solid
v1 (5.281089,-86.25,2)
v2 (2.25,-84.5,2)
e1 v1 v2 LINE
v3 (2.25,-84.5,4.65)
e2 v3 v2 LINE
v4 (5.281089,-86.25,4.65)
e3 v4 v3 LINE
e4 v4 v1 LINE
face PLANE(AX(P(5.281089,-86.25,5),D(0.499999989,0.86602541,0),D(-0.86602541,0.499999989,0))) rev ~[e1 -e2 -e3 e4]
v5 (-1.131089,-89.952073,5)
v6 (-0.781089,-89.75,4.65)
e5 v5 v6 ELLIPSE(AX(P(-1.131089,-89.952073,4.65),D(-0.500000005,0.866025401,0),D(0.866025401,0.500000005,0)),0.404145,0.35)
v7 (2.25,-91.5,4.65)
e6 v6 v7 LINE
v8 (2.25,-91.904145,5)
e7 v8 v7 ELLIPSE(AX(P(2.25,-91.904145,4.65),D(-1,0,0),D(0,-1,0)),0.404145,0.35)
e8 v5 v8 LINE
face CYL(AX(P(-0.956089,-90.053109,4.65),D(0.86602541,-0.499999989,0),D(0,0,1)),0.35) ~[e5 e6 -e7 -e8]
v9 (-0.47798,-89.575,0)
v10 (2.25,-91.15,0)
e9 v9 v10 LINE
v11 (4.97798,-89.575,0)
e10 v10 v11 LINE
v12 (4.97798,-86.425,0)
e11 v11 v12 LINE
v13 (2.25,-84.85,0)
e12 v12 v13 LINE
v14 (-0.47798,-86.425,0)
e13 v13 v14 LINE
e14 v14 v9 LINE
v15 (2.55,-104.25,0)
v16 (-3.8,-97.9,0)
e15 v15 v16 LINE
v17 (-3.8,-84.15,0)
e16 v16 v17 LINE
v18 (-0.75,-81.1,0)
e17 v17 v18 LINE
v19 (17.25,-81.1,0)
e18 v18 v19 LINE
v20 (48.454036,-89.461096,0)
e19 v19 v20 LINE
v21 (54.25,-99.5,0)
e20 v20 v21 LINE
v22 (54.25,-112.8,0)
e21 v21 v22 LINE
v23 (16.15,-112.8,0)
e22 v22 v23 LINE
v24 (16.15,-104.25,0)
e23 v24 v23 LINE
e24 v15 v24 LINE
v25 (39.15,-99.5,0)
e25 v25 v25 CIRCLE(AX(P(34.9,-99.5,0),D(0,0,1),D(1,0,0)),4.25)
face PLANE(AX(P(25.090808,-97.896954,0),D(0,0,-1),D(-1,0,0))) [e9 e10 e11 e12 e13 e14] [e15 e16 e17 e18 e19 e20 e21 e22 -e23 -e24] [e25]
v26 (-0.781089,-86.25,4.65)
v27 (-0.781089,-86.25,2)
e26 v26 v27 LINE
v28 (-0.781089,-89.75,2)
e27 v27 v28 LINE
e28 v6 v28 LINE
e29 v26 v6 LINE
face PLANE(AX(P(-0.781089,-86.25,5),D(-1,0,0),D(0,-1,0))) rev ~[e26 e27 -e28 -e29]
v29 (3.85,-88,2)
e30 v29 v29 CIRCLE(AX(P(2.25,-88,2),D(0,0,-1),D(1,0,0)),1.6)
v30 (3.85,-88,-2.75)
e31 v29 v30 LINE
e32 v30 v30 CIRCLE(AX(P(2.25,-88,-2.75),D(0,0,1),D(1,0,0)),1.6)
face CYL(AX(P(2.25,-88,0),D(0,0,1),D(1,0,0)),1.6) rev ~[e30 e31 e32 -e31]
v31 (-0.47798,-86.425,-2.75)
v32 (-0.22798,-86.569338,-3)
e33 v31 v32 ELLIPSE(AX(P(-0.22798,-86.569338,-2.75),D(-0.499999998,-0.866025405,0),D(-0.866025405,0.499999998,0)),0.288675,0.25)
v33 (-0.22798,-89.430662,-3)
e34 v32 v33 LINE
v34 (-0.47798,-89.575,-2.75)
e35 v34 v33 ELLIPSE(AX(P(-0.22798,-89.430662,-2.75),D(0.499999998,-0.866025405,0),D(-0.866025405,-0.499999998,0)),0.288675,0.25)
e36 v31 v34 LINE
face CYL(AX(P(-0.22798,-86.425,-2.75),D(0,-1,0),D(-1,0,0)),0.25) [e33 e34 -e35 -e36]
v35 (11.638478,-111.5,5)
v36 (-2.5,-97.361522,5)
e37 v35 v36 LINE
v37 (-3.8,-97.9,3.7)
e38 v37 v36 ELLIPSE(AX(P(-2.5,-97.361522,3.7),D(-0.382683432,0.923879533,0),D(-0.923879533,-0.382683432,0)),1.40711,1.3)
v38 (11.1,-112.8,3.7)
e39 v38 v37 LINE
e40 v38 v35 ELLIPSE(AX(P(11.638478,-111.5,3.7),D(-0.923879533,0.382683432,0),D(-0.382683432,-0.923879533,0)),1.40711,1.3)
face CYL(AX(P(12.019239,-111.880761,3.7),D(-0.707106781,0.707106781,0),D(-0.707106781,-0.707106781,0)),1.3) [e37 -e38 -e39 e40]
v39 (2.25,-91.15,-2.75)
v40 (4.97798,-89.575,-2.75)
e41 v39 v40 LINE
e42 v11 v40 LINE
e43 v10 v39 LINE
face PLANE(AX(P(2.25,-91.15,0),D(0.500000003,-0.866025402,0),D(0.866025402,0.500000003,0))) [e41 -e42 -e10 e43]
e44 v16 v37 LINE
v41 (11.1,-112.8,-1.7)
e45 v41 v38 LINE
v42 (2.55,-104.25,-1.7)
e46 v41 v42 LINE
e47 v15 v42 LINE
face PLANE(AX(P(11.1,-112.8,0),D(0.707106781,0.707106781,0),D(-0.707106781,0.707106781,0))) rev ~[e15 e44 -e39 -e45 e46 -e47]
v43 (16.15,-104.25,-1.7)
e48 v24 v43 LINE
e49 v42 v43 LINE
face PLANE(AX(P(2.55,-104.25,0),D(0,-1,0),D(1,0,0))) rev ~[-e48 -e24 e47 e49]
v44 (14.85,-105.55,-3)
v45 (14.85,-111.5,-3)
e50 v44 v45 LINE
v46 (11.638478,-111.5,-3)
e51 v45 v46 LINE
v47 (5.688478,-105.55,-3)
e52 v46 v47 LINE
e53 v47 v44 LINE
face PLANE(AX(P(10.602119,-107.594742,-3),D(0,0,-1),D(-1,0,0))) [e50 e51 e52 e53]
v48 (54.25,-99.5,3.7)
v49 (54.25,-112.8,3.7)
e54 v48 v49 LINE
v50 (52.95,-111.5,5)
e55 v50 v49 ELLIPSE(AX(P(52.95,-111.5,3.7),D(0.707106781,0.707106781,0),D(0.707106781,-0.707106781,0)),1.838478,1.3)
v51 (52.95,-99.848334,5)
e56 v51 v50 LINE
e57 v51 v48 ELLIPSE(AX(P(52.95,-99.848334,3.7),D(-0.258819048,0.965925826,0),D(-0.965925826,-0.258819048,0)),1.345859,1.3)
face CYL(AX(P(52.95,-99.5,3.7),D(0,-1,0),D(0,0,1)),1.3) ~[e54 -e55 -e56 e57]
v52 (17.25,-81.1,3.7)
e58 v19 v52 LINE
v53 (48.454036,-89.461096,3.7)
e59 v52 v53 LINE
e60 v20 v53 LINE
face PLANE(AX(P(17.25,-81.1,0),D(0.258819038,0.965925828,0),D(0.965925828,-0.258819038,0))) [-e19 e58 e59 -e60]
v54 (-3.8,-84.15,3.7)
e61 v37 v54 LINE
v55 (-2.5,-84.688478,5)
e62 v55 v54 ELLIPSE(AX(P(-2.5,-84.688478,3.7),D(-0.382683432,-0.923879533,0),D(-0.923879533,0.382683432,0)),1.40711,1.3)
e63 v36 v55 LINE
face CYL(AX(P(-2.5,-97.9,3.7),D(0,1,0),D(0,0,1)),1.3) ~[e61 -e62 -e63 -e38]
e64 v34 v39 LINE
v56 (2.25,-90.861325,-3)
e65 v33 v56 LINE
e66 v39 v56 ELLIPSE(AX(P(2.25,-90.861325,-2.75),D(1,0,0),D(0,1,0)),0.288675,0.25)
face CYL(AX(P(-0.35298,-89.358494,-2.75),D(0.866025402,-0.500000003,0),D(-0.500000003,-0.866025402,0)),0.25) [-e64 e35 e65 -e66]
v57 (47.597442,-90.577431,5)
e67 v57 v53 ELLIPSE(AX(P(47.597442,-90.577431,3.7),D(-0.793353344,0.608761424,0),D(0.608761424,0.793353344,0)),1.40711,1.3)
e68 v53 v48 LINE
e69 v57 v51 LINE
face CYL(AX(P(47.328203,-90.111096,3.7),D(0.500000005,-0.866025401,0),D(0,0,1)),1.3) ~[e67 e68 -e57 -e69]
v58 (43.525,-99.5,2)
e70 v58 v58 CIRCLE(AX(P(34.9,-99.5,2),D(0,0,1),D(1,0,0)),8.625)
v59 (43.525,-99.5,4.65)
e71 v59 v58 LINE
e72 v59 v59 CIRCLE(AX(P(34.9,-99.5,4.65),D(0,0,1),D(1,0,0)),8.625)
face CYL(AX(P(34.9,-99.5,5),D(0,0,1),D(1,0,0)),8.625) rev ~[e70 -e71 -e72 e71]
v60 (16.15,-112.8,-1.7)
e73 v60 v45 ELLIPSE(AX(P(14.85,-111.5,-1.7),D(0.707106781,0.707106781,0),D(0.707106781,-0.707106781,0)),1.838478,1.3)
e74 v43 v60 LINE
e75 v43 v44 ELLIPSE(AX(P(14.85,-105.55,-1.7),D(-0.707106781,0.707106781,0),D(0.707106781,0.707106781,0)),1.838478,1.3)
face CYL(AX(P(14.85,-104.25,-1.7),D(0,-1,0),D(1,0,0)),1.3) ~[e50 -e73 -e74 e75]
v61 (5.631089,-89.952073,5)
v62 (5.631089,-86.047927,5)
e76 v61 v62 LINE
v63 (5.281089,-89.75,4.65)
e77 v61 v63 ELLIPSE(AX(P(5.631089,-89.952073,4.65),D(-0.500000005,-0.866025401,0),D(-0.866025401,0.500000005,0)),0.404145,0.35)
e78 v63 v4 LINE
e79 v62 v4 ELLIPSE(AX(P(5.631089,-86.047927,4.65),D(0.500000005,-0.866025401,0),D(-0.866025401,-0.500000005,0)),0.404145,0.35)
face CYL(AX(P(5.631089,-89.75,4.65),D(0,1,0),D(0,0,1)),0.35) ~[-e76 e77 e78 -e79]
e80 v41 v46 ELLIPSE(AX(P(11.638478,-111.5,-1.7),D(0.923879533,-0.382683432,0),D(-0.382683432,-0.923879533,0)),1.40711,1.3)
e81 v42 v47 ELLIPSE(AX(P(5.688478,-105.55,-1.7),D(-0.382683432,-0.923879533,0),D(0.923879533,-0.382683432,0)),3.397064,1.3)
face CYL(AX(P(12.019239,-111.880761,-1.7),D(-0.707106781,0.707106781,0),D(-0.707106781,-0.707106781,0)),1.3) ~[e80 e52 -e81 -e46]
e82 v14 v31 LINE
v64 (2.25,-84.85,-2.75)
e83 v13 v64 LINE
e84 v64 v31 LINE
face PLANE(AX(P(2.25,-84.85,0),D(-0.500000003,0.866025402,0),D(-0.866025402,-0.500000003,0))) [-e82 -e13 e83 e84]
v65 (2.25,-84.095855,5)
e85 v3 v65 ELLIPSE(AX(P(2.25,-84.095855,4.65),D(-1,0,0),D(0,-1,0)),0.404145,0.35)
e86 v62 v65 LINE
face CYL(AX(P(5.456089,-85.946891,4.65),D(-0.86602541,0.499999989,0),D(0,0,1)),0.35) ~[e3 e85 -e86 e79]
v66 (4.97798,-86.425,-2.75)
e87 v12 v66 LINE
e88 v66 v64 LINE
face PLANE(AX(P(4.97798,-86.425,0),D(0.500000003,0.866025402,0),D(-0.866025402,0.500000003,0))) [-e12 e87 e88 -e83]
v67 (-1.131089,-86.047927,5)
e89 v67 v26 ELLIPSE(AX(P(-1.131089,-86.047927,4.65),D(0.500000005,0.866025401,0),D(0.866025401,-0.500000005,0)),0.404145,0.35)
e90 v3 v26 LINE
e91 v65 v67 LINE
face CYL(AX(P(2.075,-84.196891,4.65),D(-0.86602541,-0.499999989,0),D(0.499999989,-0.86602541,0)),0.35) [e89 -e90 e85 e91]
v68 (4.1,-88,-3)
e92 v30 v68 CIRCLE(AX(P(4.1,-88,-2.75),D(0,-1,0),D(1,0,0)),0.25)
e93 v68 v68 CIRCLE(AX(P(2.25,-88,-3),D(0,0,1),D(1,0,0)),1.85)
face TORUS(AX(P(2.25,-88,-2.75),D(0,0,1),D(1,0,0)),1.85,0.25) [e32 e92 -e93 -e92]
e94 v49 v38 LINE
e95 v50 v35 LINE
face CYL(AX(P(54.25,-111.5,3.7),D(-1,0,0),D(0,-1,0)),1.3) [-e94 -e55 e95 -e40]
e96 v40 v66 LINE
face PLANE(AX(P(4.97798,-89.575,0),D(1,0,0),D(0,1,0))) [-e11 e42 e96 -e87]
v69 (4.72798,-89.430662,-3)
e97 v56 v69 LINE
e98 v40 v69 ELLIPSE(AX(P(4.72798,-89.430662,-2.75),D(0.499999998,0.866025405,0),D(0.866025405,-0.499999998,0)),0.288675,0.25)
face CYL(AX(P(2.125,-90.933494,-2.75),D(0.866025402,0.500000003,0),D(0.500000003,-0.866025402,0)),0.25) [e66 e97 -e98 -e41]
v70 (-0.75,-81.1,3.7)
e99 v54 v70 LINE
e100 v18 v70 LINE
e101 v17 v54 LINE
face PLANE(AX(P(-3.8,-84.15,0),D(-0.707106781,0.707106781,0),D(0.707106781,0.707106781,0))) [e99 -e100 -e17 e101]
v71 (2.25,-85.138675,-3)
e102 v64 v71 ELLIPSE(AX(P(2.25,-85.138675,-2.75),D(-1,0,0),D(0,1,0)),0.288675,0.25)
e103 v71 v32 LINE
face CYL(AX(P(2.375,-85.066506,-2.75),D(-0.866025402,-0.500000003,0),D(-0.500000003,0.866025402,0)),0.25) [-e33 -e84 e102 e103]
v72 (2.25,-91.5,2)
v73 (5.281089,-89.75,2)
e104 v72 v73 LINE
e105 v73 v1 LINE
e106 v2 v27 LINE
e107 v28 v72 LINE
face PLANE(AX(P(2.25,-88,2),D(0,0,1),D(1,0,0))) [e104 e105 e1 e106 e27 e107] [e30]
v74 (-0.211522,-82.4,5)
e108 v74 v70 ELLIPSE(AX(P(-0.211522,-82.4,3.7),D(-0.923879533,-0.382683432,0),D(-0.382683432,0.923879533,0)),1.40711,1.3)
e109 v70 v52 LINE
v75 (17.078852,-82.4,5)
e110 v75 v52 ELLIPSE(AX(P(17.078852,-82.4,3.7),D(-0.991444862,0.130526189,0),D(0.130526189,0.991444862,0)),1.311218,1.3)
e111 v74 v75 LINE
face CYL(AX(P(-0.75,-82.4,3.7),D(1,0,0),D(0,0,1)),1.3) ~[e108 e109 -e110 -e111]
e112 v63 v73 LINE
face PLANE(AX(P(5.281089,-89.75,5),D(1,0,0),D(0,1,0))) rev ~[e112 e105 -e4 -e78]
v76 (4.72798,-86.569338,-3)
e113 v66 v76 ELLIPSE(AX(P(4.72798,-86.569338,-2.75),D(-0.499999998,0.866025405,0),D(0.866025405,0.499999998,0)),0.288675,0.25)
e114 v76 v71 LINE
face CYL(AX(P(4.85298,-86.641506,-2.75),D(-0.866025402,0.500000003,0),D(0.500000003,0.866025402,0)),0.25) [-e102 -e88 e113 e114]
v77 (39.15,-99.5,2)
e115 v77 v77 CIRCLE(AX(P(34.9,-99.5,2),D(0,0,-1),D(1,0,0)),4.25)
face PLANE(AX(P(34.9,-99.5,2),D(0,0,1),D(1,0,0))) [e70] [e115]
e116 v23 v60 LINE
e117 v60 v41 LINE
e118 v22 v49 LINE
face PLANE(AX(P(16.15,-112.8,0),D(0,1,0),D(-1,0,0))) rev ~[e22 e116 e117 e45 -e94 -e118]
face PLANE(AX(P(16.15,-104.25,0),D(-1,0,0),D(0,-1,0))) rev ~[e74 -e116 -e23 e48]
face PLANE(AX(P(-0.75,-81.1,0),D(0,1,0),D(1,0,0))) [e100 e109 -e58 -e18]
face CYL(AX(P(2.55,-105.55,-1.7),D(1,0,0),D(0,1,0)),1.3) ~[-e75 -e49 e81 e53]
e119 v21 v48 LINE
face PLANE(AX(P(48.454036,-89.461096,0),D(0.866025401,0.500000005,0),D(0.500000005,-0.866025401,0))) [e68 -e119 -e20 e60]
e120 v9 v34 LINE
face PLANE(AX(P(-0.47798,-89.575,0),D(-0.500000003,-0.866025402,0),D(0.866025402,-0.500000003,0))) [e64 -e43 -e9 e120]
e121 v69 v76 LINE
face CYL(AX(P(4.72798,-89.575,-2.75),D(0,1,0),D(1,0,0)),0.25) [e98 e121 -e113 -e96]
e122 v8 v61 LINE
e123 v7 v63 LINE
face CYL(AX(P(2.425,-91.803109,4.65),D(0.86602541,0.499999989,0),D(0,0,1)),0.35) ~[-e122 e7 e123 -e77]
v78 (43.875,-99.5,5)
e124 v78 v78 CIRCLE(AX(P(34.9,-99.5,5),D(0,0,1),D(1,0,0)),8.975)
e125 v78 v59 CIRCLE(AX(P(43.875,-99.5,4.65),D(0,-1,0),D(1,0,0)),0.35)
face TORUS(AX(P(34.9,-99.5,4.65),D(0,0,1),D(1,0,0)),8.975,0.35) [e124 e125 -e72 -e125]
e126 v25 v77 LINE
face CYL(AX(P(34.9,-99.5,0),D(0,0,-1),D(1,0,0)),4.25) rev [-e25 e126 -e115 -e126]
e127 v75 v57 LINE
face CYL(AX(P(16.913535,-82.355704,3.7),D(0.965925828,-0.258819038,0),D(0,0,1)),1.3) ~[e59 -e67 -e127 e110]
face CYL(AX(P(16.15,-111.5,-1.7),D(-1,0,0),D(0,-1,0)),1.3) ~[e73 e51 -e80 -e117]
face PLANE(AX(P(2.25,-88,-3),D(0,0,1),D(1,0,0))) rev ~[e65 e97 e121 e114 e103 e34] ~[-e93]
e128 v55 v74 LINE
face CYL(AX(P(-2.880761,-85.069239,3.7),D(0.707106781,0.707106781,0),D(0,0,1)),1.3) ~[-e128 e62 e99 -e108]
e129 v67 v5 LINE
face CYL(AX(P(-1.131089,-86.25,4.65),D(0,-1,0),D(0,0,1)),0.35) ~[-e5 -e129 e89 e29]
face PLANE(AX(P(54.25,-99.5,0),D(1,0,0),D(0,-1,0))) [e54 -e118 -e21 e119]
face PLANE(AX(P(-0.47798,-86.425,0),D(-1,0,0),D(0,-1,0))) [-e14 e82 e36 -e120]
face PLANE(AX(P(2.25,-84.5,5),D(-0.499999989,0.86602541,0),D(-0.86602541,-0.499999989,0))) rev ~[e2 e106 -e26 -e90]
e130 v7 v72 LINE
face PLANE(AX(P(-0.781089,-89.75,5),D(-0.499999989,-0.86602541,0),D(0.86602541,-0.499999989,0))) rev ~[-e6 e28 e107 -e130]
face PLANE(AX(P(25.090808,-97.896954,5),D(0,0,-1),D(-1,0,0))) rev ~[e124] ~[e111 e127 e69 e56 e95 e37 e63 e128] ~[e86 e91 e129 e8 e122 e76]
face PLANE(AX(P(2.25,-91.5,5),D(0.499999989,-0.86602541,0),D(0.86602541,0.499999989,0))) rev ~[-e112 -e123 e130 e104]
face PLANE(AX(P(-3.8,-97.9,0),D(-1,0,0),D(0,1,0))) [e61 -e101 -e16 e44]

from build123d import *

# Parameters (mm, degrees)
SKETCH019_R     = 4.25
PAD010_DEPTH    = 5
PAD009_DEPTH    = 3
SKETCH021_R     = 8.625
POCKET008_DEPTH = 3
POCKET009_DEPTH = 3
SKETCH018_R     = 1.6
POCKET007_DEPTH = 8.001
SKETCH022_R     = 1.6
PAD011_DEPTH    = 3
FILLET020_R     = 0.35
FILLET021_R     = 0.35
FILLET022_R     = 0.25
FILLET023_R     = 1.3
FILLET024_R     = 1.3


with BuildPart() as part:
    # Sketch019 → Pad010 (new body)
    with BuildSketch(Plane.XY):
        Polygon((-3, 6.9), (15, 6.9), (46.204036, -1.461096), (52, -11.5), (52, -24.8), (8.85, -24.8), (-6.05, -9.9), (-6.05, 3.85), align=None)
        with Locations((32.65, -11.5)):
            Circle(SKETCH019_R, mode=Mode.SUBTRACT)
    extrude(amount=PAD010_DEPTH)

    # Sketch020 → Pad009 (join)
    with BuildSketch(Plane.XY):
        Polygon((0.3, -16.25), (13.9, -16.25), (13.9, -24.8), (8.85, -24.8), align=None)
    extrude(amount=-PAD009_DEPTH)

    # Sketch021 → Pocket008 (cut)
    with BuildSketch(Plane.XY.offset(5)):
        with Locations((32.65, -11.5)):
            Circle(SKETCH021_R)
    extrude(amount=-POCKET008_DEPTH, mode=Mode.SUBTRACT)

    # Sketch017 → Pocket009 (cut)
    with BuildSketch(Plane.XY.offset(5)):
        Polygon((0, -3.5), (3.031089, -1.75), (3.031089, 1.75), (0, 3.5), (-3.031089, 1.75), (-3.031089, -1.75), align=None)
    extrude(amount=-POCKET009_DEPTH, mode=Mode.SUBTRACT)

    # Sketch018 → Pocket007 (cut, through all)
    with BuildSketch(Plane.XY.offset(-3)):
        Circle(SKETCH018_R)
    extrude(amount=POCKET007_DEPTH, mode=Mode.SUBTRACT)

    # Sketch022 → Pad011 (join)
    with BuildSketch(Plane.XY):
        Polygon((0, -3.15), (2.72798, -1.575), (2.72798, 1.575), (0, 3.15), (-2.72798, 1.575), (-2.72798, -1.575), align=None)
        Circle(SKETCH022_R, mode=Mode.SUBTRACT)
    extrude(amount=-PAD011_DEPTH)

    # Fillet020
    fillet020_edges = [part.edges().sort_by_distance(p)[0] for p in [
        (-1.515544, -2.625, 5),
        (-3.031089, 0, 5),
        (-1.515544, 2.625, 5),
        (1.515544, 2.625, 5),
        (3.031089, 0, 5),
        (1.515544, -2.625, 5),
    ]]
    fillet(fillet020_edges, radius=FILLET020_R)

    # Fillet021
    fillet021_edges = [part.edges().sort_by_distance(p)[0] for p in [
        (24.025, -11.5, 5),
    ]]
    fillet(fillet021_edges, radius=FILLET021_R)

    # Fillet022
    fillet022_edges = [part.edges().sort_by_distance(p)[0] for p in [
        (1.36399, -2.3625, -3),
        (2.72798, 0, -3),
        (1.36399, 2.3625, -3),
        (-1.36399, 2.3625, -3),
        (-2.72798, 0, -3),
        (-1.36399, -2.3625, -3),
        (-1.6, 0, -3),
    ]]
    fillet(fillet022_edges, radius=FILLET022_R)

    # Fillet023
    fillet023_edges = [part.edges().sort_by_distance(p)[0] for p in [
        (7.1, -16.25, -3),
        (13.9, -20.525, -3),
        (11.375, -24.8, -3),
        (4.575, -20.525, -3),
    ]]
    fillet(fillet023_edges, radius=FILLET023_R)

    # Fillet024
    fillet024_edges = [part.edges().sort_by_distance(p)[0] for p in [
        (52, -18.15, 5),
        (30.425, -24.8, 5),
        (1.4, -17.35, 5),
        (-6.05, -3.025, 5),
        (-4.525, 5.375, 5),
        (6, 6.9, 5),
        (30.602018, 2.719452, 5),
        (49.102018, -6.480548, 5),
    ]]
    fillet(fillet024_edges, radius=FILLET024_R)


with BuildPart() as part_1:
    # Body003 placement: moved
    add(part.part.moved(Location((2.25, -88, 0))))


solid = part_1.part
